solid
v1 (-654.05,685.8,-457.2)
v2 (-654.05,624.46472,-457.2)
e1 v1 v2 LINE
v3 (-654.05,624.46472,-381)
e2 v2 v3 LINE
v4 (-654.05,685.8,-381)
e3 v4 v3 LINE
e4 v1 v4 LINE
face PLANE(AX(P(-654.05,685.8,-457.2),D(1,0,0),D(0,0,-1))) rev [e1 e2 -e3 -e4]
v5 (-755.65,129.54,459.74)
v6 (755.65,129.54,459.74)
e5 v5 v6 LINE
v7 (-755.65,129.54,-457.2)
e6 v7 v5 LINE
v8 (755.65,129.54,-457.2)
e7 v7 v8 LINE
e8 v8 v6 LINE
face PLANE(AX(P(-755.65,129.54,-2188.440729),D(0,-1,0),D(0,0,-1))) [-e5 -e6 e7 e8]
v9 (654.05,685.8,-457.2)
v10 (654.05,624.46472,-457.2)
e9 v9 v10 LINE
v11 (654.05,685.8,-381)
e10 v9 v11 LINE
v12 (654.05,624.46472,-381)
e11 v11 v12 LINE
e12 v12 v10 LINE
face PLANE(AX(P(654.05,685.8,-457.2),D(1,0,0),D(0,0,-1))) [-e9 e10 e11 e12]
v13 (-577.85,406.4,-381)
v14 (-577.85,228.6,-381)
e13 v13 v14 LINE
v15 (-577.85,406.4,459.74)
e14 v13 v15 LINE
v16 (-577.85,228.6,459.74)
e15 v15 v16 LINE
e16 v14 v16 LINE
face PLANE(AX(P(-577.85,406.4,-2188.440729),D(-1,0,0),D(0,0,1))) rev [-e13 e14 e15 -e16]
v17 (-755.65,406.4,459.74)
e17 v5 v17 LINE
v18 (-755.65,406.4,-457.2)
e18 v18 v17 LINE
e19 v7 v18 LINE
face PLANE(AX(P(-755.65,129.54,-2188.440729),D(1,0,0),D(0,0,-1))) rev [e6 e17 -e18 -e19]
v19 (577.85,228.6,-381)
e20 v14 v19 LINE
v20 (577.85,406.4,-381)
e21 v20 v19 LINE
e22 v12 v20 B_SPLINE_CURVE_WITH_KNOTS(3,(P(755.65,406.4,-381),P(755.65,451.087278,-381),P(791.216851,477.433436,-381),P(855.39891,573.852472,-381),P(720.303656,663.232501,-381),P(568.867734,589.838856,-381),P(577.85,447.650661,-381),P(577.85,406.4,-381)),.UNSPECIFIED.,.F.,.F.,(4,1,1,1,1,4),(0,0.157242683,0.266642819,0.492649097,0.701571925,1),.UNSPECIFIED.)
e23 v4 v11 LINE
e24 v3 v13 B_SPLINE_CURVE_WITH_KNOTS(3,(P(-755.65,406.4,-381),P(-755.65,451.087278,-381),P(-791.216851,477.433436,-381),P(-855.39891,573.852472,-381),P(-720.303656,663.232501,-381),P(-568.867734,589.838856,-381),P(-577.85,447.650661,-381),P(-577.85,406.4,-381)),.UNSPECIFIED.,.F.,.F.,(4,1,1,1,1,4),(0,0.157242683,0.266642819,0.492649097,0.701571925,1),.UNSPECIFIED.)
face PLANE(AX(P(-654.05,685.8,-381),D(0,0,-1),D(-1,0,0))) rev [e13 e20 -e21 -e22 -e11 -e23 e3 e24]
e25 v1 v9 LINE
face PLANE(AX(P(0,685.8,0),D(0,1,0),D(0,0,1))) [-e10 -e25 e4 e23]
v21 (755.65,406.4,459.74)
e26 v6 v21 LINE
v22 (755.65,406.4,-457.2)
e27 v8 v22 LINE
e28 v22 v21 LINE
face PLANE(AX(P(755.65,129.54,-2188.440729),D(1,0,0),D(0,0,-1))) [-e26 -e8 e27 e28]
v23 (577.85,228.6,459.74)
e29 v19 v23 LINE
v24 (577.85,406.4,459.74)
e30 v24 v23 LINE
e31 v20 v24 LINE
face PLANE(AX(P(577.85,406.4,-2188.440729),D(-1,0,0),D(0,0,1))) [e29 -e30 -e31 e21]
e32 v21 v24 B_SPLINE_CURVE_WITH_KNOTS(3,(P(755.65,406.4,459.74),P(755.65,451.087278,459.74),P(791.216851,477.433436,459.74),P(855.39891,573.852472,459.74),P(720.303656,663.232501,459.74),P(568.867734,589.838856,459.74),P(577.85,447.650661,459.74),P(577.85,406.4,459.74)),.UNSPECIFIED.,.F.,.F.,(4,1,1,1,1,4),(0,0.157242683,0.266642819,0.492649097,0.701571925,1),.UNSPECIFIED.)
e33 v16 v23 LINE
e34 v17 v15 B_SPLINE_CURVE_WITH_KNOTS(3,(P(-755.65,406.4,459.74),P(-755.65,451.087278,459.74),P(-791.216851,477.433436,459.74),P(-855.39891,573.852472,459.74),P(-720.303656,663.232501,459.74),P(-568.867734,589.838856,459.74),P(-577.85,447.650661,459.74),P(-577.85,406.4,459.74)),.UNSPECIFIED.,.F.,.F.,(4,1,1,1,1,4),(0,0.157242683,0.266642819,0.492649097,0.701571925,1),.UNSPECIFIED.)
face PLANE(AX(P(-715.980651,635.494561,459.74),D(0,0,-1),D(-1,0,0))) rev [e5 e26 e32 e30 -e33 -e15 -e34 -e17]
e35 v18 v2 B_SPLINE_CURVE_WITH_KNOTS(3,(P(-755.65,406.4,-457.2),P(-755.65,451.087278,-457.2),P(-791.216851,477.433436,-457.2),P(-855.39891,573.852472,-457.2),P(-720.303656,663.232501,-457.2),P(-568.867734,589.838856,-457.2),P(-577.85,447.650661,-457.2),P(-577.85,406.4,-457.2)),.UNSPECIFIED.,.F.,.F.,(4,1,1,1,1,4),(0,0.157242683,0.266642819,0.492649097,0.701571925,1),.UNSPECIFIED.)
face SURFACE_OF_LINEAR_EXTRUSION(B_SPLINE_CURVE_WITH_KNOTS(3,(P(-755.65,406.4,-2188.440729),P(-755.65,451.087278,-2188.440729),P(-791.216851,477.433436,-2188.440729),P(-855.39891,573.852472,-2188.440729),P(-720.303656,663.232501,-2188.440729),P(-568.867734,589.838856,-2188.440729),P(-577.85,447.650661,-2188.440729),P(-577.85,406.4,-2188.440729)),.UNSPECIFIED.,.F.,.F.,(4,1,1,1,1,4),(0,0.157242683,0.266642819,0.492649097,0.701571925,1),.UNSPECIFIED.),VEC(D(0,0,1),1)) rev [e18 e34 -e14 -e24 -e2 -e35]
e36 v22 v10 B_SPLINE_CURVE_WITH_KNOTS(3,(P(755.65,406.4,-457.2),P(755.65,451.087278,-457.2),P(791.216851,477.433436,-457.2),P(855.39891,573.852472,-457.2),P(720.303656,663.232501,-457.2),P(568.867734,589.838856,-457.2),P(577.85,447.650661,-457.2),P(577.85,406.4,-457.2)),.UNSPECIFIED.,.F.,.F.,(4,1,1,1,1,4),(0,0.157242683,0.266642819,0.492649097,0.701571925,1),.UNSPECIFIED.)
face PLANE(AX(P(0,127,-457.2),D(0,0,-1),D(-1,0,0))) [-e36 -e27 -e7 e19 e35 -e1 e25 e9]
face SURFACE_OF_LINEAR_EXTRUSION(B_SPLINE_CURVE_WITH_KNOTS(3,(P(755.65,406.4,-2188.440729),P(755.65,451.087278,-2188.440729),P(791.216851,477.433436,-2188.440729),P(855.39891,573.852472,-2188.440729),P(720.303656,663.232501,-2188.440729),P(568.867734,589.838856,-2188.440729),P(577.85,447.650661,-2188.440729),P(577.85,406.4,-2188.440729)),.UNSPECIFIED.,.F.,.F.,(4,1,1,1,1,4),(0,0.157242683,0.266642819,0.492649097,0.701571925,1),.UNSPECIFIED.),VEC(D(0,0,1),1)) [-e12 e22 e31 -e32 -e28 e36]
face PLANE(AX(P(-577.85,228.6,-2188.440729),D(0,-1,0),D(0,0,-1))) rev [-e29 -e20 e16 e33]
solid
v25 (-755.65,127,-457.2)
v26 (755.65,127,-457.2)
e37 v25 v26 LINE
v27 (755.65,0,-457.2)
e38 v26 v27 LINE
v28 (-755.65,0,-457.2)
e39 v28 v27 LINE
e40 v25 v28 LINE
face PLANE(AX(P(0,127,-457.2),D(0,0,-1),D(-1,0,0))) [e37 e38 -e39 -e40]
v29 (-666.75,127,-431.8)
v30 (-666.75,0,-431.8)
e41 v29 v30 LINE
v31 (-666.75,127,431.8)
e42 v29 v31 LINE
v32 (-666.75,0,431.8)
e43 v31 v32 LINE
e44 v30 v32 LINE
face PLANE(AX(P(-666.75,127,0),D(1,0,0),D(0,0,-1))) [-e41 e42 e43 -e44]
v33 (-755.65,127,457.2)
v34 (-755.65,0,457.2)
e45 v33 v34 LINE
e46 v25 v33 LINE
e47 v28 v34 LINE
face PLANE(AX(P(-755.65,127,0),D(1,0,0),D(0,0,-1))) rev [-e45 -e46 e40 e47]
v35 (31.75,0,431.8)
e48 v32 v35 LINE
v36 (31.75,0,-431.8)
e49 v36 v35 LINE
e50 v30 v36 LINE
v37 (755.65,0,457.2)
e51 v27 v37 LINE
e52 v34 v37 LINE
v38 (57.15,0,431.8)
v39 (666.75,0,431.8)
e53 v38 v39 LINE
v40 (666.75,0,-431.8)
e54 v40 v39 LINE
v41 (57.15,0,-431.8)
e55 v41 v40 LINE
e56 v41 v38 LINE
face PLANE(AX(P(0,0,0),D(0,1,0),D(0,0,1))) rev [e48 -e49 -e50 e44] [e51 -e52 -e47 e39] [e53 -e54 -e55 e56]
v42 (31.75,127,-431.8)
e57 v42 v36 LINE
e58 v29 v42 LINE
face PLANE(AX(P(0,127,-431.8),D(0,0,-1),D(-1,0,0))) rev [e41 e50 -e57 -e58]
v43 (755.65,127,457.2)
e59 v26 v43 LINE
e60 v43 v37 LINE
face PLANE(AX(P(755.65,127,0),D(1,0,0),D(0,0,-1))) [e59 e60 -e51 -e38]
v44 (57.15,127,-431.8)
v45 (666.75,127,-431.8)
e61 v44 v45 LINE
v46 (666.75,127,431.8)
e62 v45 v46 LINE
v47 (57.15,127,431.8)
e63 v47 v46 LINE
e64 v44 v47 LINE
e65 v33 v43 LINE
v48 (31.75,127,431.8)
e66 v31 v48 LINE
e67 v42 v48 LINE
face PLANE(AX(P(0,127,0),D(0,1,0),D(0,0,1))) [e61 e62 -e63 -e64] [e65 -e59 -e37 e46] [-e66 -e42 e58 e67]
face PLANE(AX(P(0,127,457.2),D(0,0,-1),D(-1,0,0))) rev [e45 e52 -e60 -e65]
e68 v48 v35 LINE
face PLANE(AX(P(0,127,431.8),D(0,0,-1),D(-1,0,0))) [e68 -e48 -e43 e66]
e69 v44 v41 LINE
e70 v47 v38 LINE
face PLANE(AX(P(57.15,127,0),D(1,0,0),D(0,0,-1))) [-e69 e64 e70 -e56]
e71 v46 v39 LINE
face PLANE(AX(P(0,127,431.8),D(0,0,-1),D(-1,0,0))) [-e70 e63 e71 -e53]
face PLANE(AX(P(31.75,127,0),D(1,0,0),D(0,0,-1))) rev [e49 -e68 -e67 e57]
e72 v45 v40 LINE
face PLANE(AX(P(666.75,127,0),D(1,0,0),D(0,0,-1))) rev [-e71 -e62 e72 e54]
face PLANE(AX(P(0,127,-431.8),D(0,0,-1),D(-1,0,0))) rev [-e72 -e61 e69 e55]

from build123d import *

# Parameters (mm, degrees)
SKETCH1_W           = 88.9
SKETCH1_H           = 914.4
SKETCH1_W_2         = 25.4
SKETCH1_H_2         = 863.6
BOSS_EXTRUDE1_DEPTH = 127
BOSS_EXTRUDE3_DEPTH = 916.94
SKETCH5_W           = 1308.1
SKETCH5_H           = 76.2
BOSS_EXTRUDE4_DEPTH = 457.2


with BuildPart() as part:
    # Sketch1 → Boss-Extrude1 (new body)
    with BuildSketch(Plane(origin=(0, 0, 0), x_dir=(1, 0, 0), z_dir=(0, 1, 0))):
        with Locations((-711.2, 0)):
            Rectangle(SKETCH1_W, SKETCH1_H)
        Polygon((-666.75, -431.8), (-666.75, -457.2), (666.75, -457.2), (666.75, -431.8), (57.15, -431.8), (31.75, -431.8), align=None)
        with Locations((711.2, 0)):
            Rectangle(SKETCH1_W, SKETCH1_H)
        Polygon((666.75, 457.2), (-666.75, 457.2), (-666.75, 431.8), (31.75, 431.8), (57.15, 431.8), (666.75, 431.8), align=None)
        with Locations((44.45, 0)):
            Rectangle(SKETCH1_W_2, SKETCH1_H_2)
    extrude(amount=BOSS_EXTRUDE1_DEPTH)


with BuildPart() as body_2:
    # Sketch4 → Boss-Extrude3 (new body)
    with BuildSketch(Plane.XY.offset(459.74)):
        with BuildLine():
            Line((-755.65, 129.54), (755.65, 129.54))
            Line((755.65, 129.54), (755.65, 406.4))
            add(Edge.make_bspline(
                [(755.65, 406.4), (755.65, 451.087278401), (791.216850954, 477.433435736), (855.398910121, 573.852472449), (720.303655557, 663.232501149), (568.867733776, 589.838855636), (577.85, 447.650661263), (577.85, 406.4)],
                knots=[0, 0, 0, 0, 0.157242683, 0.266642819, 0.492649097, 0.701571925, 1, 1, 1, 1], degree=3))
            Line((577.85, 406.4), (577.85, 228.6))
            Line((577.85, 228.6), (-577.85, 228.6))
            Line((-577.85, 228.6), (-577.85, 406.4))
            add(Edge.make_bspline(
                [(-755.65, 406.4), (-755.65, 451.087278401), (-791.216850954, 477.433435736), (-855.398910121, 573.852472449), (-720.303655557, 663.232501149), (-568.867733776, 589.838855636), (-577.85, 447.650661263), (-577.85, 406.4)],
                knots=[0, 0, 0, 0, 0.157242683, 0.266642819, 0.492649097, 0.701571925, 1, 1, 1, 1], degree=3))
            Line((-755.65, 406.4), (-755.65, 129.54))
        make_face()
    extrude(amount=-BOSS_EXTRUDE3_DEPTH)

    # Sketch5 → Boss-Extrude4 (add)
    with BuildSketch(Plane(origin=(0, 228.6, 0), x_dir=(1, 0, 0), z_dir=(0, 1, 0))):
        with Locations((0, 419.1)):
            Rectangle(SKETCH5_W, SKETCH5_H)
    extrude(amount=BOSS_EXTRUDE4_DEPTH)


solid = Compound([part.part, body_2.part])
